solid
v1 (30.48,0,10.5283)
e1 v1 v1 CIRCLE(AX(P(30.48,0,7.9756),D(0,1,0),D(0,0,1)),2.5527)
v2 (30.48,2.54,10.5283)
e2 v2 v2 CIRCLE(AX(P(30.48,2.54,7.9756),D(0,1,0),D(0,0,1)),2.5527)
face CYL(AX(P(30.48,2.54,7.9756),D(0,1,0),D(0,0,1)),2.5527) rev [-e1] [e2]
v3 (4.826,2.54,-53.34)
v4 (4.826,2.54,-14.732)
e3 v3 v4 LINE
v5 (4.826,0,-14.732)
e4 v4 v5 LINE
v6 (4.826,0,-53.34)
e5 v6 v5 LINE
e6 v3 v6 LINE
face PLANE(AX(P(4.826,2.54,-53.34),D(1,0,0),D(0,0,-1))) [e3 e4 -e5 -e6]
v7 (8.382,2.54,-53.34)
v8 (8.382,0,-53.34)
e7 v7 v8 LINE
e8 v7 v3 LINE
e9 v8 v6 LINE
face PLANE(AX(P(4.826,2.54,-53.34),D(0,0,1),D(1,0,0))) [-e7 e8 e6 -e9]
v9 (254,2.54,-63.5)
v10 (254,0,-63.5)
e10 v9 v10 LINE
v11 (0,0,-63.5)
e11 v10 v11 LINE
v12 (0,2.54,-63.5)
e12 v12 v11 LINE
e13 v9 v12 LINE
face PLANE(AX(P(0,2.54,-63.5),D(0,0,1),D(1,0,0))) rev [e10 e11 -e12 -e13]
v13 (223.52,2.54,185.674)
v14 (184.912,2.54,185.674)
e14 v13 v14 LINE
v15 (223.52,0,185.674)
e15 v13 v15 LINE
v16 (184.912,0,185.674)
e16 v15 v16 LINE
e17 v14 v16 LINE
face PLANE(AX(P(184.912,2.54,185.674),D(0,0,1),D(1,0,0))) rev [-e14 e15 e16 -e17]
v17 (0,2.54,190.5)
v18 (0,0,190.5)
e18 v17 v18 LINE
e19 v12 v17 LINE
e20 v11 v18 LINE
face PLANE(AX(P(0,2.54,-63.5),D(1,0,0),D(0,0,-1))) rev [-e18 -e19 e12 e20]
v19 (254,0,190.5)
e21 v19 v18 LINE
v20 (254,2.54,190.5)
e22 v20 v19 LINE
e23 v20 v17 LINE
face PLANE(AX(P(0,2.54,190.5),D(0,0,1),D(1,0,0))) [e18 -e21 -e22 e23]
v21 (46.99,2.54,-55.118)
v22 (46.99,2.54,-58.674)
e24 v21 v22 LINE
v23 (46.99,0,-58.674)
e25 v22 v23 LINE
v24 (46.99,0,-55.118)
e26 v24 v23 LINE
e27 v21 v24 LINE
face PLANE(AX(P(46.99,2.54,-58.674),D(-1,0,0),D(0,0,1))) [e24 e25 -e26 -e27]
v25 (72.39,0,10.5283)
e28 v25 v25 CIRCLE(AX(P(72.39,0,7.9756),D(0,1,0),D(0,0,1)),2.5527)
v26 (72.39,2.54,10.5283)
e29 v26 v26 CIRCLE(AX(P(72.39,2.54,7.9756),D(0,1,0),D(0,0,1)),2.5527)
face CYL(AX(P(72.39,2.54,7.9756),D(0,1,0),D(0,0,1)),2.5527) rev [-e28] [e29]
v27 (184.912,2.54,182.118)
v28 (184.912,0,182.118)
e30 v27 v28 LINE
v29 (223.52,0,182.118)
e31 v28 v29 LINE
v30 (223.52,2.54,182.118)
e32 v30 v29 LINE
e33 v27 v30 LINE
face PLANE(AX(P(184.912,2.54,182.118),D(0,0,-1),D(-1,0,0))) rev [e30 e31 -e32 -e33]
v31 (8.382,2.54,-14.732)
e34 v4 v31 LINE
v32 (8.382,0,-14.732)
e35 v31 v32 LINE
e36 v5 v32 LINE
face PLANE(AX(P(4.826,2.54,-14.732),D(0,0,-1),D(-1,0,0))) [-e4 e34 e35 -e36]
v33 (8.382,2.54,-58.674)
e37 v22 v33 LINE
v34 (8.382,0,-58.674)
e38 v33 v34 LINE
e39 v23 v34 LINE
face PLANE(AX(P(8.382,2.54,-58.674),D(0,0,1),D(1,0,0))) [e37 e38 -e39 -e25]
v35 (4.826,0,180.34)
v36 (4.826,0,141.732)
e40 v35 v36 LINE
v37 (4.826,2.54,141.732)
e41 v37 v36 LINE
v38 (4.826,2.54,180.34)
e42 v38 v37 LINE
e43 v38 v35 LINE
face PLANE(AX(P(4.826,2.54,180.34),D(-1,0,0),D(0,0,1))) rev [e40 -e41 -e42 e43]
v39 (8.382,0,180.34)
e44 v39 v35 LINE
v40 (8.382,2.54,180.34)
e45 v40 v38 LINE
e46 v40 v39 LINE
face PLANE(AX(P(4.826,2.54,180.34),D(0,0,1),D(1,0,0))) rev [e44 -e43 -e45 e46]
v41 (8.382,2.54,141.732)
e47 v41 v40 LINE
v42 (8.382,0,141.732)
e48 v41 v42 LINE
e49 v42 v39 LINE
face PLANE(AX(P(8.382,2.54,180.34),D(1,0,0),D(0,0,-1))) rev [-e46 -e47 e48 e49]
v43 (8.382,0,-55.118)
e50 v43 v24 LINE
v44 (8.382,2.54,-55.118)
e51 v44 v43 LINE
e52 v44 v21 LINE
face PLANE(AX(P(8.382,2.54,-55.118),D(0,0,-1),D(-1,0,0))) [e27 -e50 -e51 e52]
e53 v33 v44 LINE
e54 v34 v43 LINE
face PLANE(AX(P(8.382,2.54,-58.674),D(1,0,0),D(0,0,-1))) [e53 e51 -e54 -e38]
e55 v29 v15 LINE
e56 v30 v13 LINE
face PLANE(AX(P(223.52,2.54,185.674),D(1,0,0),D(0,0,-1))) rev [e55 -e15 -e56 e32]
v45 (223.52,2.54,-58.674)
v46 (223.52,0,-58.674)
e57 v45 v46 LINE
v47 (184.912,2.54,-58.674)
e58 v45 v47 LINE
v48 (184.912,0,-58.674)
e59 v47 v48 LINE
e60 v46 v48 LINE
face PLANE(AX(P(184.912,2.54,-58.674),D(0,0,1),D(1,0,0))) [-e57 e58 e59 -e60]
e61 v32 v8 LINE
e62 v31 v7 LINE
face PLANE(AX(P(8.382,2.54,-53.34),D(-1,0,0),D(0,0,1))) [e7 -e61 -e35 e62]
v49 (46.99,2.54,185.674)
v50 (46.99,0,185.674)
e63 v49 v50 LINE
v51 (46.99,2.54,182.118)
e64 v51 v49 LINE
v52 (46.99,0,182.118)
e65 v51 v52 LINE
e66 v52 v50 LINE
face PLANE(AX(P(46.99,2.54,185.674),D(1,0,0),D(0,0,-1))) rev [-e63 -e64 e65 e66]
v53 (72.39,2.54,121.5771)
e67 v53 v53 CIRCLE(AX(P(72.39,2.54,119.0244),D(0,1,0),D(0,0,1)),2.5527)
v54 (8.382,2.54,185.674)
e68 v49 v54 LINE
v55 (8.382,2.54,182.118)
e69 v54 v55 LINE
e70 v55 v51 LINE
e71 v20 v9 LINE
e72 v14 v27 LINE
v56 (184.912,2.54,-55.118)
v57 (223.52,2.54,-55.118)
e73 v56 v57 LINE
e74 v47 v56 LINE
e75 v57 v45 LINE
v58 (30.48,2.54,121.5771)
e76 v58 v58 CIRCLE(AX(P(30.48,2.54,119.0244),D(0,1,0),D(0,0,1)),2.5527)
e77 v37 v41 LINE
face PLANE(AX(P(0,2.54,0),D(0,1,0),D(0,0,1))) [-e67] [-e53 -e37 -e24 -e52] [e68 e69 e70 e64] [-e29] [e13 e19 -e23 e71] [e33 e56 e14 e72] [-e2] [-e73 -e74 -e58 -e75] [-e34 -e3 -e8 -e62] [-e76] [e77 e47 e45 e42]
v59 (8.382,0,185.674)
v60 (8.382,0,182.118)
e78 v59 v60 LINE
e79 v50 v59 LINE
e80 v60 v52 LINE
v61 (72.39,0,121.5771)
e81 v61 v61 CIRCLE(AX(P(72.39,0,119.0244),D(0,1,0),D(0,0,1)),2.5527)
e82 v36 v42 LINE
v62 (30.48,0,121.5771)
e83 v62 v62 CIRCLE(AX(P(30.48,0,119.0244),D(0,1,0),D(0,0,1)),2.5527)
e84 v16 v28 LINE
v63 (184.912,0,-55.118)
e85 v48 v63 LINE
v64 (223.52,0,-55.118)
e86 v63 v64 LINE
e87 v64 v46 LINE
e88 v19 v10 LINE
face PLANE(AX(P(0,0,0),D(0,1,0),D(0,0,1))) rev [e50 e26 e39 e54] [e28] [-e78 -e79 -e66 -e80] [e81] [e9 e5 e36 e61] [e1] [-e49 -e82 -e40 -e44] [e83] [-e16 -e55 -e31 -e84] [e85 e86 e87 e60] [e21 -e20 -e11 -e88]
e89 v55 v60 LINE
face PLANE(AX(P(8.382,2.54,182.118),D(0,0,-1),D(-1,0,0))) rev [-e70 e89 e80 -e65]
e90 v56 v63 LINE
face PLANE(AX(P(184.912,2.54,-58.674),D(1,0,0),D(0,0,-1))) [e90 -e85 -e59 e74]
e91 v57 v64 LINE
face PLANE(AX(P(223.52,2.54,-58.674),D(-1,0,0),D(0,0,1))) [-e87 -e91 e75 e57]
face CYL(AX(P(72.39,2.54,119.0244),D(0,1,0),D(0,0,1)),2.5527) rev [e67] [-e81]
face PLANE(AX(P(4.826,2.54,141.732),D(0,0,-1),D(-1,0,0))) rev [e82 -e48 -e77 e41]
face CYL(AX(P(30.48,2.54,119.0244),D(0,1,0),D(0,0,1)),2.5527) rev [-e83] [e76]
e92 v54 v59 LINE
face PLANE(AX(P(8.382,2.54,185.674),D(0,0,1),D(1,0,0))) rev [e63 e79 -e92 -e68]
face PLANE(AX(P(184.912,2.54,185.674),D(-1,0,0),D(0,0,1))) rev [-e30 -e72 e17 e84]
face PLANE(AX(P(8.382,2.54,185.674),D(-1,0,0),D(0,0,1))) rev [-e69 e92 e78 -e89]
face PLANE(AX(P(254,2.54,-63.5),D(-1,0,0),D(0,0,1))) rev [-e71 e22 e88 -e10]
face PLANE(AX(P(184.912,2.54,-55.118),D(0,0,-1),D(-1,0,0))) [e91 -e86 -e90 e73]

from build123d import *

# Parameters (mm, degrees)
SKETCH1_W                  = 254
SKETCH1_H                  = 127
SKETCH1_W_2                = 38.608
SKETCH1_H_2                = 3.556
SKETCH1_W_3                = 3.556
SKETCH1_H_3                = 38.608
BOSS_EXTRUDE1_DEPTH        = 2.54
F_7_0_201_DIAMETER_HOLE1_D = 5.1054


with BuildPart() as part:
    # Sketch1 → Boss-Extrude1 (new body)
    with BuildSketch(Plane(origin=(0, 0, 0), x_dir=(1, 0, 0), z_dir=(0, 1, 0))):
        with Locations((127, 0)):
            Rectangle(SKETCH1_W, SKETCH1_H)
        with Locations((27.686, 56.896)):
            Rectangle(SKETCH1_W_2, SKETCH1_H_2, mode=Mode.SUBTRACT)
        with Locations((204.216, 56.896)):
            Rectangle(SKETCH1_W_2, SKETCH1_H_2, mode=Mode.SUBTRACT)
        with Locations((6.604, 34.036)):
            Rectangle(SKETCH1_W_3, SKETCH1_H_3, mode=Mode.SUBTRACT)
    boss_extrude1 = extrude(amount=BOSS_EXTRUDE1_DEPTH)

    # #7 (0.201) Diameter Hole1 (through all)
    with Locations(Plane(origin=(30.48, 2.54, 7.9756), x_dir=(0, 0, 1), z_dir=(0, 1, 0))):
        with Locations((0, 0), (0, 41.91)):
            f_7_0_201_diameter_hole1 = Hole(F_7_0_201_DIAMETER_HOLE1_D / 2)

    # Mirror1: Boss-Extrude1, #7 (0.201) Diameter Hole1 across plane
    add(boss_extrude1.mirror(Plane(origin=(0, 2.54, 63.5), x_dir=(1, 0, 0), z_dir=(0, 0, -1))))
    add(f_7_0_201_diameter_hole1.mirror(Plane(origin=(0, 2.54, 63.5), x_dir=(1, 0, 0), z_dir=(0, 0, -1))), mode=Mode.SUBTRACT)


solid = part.part
